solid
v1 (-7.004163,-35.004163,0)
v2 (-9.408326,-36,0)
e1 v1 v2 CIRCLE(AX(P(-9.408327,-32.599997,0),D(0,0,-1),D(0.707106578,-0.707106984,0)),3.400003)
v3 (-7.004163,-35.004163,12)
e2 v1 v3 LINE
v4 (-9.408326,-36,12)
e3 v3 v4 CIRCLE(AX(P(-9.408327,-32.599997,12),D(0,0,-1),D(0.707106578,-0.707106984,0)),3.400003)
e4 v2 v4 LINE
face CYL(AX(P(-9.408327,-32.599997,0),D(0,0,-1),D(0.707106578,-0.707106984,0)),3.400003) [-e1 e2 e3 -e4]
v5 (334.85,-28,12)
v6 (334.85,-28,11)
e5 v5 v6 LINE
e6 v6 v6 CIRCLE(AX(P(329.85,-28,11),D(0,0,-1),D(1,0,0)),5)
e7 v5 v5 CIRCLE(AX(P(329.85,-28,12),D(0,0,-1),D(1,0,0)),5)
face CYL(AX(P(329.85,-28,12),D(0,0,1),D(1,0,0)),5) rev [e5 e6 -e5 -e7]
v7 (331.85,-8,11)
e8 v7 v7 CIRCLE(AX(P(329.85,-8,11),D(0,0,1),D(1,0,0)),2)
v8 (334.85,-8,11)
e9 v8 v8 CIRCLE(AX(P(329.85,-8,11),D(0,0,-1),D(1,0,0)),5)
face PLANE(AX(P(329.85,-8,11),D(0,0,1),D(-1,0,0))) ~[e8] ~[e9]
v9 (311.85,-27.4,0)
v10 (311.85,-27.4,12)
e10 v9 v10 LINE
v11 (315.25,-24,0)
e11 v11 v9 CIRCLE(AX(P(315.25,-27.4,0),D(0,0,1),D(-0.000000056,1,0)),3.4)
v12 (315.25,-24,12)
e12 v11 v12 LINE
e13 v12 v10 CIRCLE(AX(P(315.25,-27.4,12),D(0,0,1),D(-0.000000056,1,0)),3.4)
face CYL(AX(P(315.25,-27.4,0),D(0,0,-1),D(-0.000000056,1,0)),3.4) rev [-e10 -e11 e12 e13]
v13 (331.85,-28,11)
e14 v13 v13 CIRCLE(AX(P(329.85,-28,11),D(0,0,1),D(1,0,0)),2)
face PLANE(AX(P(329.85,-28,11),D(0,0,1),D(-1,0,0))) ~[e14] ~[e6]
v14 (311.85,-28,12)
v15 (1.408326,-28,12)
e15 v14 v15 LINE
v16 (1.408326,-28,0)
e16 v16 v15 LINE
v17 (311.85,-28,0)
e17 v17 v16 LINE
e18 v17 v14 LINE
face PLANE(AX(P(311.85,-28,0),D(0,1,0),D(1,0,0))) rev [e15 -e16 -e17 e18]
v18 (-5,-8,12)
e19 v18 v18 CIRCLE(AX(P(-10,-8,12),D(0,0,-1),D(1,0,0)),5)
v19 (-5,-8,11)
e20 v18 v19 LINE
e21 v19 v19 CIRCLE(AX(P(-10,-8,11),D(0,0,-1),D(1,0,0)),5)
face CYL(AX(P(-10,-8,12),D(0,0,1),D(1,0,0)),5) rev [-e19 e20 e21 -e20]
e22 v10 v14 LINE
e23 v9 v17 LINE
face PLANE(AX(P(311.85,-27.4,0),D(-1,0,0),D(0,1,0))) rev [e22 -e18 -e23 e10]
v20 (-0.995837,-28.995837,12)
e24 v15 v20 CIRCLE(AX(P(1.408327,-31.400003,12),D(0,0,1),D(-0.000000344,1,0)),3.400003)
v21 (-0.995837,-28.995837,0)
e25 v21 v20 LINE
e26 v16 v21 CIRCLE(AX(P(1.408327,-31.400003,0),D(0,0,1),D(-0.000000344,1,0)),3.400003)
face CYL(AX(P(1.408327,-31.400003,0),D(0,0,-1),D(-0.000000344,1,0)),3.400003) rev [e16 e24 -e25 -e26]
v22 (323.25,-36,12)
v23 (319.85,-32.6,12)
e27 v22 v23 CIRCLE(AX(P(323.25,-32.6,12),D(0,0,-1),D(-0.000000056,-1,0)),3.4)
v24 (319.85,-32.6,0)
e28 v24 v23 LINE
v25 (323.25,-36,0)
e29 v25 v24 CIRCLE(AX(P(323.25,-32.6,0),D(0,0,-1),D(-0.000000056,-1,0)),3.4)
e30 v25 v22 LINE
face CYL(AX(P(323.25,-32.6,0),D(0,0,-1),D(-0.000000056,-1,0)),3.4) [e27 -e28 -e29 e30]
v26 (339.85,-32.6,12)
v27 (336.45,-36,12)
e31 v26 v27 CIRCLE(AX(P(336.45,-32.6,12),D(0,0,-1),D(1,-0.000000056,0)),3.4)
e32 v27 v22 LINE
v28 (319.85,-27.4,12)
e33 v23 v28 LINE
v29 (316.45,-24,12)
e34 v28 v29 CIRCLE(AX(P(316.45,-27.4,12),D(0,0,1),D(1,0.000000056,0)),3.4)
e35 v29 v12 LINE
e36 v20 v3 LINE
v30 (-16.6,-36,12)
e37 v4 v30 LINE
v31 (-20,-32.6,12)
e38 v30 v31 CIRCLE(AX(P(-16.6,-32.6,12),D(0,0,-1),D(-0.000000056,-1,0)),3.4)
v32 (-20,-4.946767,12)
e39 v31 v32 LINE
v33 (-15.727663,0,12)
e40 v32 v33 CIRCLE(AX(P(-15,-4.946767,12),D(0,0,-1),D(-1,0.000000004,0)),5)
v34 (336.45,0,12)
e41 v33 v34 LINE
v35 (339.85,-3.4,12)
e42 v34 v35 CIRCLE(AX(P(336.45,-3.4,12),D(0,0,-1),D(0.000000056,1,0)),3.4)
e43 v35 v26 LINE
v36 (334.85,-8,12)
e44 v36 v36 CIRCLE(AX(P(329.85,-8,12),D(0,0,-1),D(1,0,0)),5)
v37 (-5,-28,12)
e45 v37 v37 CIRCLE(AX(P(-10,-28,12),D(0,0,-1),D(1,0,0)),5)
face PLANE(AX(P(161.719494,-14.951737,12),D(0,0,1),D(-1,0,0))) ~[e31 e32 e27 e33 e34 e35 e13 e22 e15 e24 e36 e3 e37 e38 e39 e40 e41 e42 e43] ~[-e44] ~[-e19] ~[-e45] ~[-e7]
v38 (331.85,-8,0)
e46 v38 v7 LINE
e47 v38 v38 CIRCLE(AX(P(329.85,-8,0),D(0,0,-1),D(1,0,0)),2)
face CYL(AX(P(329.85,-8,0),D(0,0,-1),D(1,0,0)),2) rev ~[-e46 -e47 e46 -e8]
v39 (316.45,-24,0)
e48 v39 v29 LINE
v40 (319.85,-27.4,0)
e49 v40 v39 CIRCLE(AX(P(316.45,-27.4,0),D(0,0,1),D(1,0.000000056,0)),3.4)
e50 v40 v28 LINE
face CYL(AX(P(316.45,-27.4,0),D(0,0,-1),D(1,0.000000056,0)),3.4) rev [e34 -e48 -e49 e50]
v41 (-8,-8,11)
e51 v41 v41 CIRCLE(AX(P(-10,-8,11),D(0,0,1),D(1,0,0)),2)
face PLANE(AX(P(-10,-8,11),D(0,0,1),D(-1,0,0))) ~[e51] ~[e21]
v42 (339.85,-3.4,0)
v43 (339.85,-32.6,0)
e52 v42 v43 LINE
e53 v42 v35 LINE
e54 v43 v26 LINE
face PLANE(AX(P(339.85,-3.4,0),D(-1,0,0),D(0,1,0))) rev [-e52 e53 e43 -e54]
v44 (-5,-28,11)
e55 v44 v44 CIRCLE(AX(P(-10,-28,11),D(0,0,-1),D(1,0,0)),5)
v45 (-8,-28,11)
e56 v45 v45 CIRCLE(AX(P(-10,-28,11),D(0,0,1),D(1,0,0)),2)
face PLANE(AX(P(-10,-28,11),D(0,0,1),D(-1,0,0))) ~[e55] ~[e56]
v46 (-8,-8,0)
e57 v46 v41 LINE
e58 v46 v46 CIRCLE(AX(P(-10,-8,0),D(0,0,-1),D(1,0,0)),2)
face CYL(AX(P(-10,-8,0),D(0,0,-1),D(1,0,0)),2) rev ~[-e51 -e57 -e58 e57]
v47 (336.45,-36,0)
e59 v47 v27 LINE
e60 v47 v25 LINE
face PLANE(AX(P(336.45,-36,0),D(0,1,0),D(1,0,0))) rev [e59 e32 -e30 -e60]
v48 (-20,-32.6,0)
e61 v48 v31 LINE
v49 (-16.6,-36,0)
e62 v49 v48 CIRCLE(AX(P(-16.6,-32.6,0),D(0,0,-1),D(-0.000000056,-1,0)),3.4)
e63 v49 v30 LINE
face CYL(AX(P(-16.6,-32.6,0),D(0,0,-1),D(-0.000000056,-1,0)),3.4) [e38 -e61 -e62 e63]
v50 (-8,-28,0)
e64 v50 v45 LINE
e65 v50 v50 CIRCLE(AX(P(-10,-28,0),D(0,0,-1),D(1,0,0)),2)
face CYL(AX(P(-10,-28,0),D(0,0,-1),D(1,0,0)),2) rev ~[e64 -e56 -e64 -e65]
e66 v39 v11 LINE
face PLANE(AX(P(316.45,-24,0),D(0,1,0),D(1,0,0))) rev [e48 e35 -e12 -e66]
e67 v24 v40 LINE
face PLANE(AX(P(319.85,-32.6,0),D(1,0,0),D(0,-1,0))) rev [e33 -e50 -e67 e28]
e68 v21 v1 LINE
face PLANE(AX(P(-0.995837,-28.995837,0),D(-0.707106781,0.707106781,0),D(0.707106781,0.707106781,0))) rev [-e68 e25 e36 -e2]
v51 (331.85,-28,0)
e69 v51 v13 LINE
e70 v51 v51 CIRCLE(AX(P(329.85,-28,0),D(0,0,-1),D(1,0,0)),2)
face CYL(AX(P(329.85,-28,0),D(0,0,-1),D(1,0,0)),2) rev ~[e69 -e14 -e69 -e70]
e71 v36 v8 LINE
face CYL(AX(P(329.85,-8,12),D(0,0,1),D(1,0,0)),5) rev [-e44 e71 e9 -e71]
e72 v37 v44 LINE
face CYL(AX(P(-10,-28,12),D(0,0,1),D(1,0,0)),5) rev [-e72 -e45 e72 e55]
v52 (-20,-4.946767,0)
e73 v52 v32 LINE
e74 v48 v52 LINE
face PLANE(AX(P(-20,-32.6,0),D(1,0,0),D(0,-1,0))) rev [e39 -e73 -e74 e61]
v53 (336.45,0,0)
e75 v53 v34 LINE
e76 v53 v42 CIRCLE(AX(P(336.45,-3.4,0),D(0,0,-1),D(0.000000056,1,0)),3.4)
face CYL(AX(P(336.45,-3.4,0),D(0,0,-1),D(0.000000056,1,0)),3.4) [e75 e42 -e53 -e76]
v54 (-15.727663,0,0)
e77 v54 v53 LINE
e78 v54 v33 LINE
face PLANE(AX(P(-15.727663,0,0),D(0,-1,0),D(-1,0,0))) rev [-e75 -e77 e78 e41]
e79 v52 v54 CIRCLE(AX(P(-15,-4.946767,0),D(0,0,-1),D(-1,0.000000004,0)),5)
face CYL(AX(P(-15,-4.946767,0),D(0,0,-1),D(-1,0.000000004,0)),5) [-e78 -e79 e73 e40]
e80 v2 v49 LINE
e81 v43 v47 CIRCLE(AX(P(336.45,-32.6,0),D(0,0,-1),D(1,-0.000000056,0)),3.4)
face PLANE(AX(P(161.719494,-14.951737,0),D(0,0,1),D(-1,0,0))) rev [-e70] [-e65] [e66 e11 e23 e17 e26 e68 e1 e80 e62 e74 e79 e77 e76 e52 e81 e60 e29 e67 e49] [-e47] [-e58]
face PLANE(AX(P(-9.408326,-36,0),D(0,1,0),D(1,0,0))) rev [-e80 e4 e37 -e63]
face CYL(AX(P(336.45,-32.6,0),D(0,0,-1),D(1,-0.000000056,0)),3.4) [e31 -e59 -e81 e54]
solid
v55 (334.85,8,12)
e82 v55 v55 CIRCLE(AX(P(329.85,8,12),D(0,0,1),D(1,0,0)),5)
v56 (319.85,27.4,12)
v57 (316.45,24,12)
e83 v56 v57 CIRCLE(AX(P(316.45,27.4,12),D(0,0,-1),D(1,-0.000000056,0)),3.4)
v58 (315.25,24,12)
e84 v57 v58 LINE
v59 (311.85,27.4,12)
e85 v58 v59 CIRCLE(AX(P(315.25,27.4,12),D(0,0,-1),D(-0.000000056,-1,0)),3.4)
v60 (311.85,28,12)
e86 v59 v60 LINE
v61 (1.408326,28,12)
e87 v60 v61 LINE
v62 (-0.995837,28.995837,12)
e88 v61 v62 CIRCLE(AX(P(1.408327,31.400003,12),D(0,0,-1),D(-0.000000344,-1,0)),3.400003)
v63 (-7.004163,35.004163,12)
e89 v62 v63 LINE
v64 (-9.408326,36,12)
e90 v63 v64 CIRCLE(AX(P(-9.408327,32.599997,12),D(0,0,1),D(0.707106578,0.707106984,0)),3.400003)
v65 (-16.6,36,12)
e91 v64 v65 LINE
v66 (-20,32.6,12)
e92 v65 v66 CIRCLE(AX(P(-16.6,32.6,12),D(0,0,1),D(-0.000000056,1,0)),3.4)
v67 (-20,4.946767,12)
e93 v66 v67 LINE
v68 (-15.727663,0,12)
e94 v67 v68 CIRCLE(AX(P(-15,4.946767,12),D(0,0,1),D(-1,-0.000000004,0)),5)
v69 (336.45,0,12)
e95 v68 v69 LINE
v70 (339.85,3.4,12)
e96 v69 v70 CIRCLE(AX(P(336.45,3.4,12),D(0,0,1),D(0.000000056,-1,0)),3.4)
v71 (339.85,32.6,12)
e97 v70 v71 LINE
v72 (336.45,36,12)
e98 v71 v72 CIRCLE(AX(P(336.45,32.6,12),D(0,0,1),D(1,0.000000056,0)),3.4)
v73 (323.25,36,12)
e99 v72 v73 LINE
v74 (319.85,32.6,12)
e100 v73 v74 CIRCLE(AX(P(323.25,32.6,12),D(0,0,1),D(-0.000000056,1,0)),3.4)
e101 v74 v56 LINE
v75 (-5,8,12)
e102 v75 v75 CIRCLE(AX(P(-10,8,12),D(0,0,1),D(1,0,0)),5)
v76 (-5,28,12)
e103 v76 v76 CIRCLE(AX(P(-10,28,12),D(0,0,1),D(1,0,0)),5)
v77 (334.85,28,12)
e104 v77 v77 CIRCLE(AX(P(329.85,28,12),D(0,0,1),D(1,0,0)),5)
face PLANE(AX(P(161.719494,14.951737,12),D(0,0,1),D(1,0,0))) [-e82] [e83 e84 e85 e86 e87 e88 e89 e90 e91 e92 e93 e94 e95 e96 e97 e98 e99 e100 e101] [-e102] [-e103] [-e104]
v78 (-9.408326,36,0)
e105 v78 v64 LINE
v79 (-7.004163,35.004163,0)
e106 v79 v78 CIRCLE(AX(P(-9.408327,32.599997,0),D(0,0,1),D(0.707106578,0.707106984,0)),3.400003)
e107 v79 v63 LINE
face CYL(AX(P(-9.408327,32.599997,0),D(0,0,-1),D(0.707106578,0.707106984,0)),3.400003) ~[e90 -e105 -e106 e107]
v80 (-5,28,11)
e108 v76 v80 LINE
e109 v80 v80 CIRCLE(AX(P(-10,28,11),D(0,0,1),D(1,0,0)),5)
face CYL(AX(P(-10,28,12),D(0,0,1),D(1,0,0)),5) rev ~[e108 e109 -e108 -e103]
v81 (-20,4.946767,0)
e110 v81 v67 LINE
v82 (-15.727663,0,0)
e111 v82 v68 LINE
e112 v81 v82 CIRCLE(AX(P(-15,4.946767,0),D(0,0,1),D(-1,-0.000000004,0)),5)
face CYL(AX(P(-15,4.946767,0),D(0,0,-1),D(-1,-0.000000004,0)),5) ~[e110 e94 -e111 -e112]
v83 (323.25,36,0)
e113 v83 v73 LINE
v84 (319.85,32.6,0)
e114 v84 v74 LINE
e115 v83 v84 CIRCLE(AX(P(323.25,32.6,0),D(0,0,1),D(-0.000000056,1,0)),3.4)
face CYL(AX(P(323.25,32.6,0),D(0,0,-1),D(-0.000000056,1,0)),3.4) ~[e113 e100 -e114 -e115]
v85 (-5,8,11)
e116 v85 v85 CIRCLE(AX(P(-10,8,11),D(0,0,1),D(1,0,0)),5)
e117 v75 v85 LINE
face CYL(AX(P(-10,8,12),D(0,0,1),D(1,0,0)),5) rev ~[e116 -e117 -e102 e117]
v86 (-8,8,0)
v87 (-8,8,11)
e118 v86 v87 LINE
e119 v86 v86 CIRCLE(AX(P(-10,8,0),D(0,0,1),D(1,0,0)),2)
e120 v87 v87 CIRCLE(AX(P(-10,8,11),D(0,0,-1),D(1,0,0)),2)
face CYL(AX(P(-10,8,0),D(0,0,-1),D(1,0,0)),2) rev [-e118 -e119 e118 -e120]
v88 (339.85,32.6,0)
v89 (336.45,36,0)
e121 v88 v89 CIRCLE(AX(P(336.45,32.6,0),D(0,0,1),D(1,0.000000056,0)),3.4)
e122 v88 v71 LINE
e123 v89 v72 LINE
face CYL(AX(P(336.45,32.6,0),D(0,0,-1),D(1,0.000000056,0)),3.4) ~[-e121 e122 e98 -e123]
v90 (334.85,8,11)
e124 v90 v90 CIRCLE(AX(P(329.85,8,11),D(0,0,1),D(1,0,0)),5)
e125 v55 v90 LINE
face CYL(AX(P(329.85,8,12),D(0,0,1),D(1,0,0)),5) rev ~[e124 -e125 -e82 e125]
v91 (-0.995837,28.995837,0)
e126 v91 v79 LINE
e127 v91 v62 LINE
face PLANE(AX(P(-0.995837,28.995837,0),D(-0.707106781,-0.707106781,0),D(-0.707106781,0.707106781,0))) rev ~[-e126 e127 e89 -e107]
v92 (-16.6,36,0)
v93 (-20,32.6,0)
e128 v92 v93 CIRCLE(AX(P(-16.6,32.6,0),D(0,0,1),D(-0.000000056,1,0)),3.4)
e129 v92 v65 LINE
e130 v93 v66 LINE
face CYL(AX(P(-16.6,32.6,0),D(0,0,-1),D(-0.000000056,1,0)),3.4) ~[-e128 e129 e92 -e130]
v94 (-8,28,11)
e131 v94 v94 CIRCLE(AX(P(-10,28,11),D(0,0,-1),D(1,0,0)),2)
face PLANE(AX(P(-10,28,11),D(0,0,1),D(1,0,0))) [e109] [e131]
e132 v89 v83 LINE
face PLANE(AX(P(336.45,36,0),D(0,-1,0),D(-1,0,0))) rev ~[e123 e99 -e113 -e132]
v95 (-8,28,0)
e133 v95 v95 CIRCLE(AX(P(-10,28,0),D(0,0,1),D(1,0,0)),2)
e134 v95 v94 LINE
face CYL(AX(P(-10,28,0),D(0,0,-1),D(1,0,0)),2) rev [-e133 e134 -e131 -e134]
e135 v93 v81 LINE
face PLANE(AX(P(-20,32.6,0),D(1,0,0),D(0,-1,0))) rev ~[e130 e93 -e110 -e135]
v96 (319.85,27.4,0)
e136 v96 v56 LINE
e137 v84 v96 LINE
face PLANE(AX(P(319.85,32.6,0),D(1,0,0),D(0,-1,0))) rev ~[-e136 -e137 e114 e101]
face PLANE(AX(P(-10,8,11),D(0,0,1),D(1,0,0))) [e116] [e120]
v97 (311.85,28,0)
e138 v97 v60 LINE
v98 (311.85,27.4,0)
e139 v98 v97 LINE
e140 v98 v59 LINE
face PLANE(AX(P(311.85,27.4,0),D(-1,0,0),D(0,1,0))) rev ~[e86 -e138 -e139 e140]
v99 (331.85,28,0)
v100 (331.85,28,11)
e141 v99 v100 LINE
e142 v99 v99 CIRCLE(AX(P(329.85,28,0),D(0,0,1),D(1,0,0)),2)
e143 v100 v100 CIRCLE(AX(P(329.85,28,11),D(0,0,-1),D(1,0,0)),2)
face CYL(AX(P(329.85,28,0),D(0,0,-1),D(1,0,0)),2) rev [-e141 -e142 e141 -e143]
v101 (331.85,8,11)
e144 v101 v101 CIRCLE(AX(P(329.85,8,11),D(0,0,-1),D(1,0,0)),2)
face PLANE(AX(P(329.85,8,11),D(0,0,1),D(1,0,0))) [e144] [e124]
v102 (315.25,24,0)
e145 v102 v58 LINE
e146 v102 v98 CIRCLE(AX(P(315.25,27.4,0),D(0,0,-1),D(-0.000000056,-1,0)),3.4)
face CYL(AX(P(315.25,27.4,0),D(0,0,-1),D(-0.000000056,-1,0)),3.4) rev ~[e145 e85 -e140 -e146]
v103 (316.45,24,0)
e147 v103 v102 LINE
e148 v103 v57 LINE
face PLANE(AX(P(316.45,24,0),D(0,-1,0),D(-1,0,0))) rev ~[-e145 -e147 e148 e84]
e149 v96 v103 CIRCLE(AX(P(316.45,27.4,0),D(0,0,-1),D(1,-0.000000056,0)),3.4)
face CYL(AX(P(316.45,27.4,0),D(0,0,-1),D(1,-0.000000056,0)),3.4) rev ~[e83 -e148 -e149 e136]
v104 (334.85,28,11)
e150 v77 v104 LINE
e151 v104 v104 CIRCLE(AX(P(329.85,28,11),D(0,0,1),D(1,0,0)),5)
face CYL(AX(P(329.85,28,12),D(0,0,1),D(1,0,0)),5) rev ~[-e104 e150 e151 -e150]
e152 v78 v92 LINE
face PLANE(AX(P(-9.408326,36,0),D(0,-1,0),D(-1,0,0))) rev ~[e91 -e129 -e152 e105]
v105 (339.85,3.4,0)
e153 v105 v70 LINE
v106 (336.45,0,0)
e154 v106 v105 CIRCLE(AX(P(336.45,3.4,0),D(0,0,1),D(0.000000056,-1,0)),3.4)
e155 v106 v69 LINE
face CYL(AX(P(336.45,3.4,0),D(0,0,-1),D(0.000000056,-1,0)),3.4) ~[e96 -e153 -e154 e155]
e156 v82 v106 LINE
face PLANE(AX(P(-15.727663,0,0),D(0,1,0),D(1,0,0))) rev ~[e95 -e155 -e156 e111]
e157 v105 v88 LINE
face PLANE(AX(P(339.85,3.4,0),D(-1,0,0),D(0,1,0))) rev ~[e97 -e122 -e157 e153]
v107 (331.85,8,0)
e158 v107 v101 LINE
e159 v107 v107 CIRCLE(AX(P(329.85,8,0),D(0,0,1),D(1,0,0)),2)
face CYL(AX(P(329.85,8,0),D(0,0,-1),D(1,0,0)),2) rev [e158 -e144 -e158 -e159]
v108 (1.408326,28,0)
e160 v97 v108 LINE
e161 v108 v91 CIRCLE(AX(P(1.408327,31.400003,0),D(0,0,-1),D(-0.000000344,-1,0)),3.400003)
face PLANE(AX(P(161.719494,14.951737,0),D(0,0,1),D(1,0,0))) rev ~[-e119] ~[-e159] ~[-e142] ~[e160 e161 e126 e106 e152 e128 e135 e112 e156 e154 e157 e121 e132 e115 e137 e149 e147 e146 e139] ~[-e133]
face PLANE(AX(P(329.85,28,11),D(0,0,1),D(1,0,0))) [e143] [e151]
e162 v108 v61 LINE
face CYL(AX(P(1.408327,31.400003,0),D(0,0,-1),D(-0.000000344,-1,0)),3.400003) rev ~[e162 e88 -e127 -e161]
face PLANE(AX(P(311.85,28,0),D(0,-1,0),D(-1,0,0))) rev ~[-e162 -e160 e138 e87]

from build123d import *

# Parameters (mm, degrees)
F0_R     = 5
F0_R_2   = 2
F1_DEPTH = 12
F2_R     = 5
F3_DEPTH = 1


with BuildPart() as f1:
    # F0 (on Top) → F1 (new body)
    with BuildSketch(Plane.XY):
        with BuildLine():
            Line((311.85, 28), (1.408326, 28))
            ThreePointArc((1.408326, 28), (0.107202, 28.25881), (-0.995837, 28.995837))
            Line((-0.995837, 28.995837), (-7.004163, 35.004163))
            ThreePointArc((-7.004163, 35.004163), (-8.107202, 35.74119), (-9.408326, 36))
            Line((-9.408326, 36), (-16.6, 36))
            ThreePointArc((-16.6, 36), (-19.004163, 35.004163), (-20, 32.6))
            Line((-20, 32.6), (-20, 4.946767))
            ThreePointArc((-20, 4.946767), (-18.784066, 1.678611), (-15.727663, 0))
            Line((-15.727663, 0), (0, 0))
            Line((0, 0), (329.85, 0))
            Line((329.85, 0), (336.45, 0))
            ThreePointArc((336.45, 0), (338.854163, 0.995837), (339.85, 3.4))
            Line((339.85, 3.4), (339.85, 32.6))
            ThreePointArc((339.85, 32.6), (338.854163, 35.004163), (336.45, 36))
            Line((336.45, 36), (323.25, 36))
            ThreePointArc((323.25, 36), (320.845837, 35.004163), (319.85, 32.6))
            Line((319.85, 32.6), (319.85, 28))
            Line((319.85, 28), (319.85, 27.4))
            ThreePointArc((319.85, 27.4), (318.854163, 24.995837), (316.45, 24))
            Line((316.45, 24), (315.25, 24))
            ThreePointArc((315.25, 24), (312.845837, 24.995837), (311.85, 27.4))
            Line((311.85, 27.4), (311.85, 28))
        make_face()
        with Locations((-10, 8)):
            Circle(F0_R, mode=Mode.SUBTRACT)
        with Locations((329.85, 8)):
            Circle(F0_R, mode=Mode.SUBTRACT)
        with Locations((-10, 28)):
            Circle(F0_R, mode=Mode.SUBTRACT)
        with Locations((329.85, 28)):
            Circle(F0_R, mode=Mode.SUBTRACT)
        with Locations((-10, 28)):
            Circle(F0_R)
        with Locations((-10, 28)):
            Circle(F0_R_2, mode=Mode.SUBTRACT)
        with Locations((-10, 8)):
            Circle(F0_R)
        with Locations((-10, 8)):
            Circle(F0_R_2, mode=Mode.SUBTRACT)
        with Locations((329.85, 8)):
            Circle(F0_R)
        with Locations((329.85, 8)):
            Circle(F0_R_2, mode=Mode.SUBTRACT)
        with Locations((329.85, 28)):
            Circle(F0_R)
        with Locations((329.85, 28)):
            Circle(F0_R_2, mode=Mode.SUBTRACT)
    extrude(amount=F1_DEPTH)

    # F2 (on face) → F3 (cut)
    with BuildSketch(Plane.XY.offset(12)):
        with Locations((329.85, 28)):
            Circle(F2_R)
        with Locations((329.85, 8)):
            Circle(F2_R)
        with Locations((-10, 8)):
            Circle(F2_R)
        with Locations((-10, 28)):
            Circle(F2_R)
    extrude(amount=-F3_DEPTH, mode=Mode.SUBTRACT)


with BuildPart() as f5_1:
    # F5: instance of F1
    add(f1.part.mirror(Plane.XZ))


solid = Compound([f1.part, f5_1.part])
